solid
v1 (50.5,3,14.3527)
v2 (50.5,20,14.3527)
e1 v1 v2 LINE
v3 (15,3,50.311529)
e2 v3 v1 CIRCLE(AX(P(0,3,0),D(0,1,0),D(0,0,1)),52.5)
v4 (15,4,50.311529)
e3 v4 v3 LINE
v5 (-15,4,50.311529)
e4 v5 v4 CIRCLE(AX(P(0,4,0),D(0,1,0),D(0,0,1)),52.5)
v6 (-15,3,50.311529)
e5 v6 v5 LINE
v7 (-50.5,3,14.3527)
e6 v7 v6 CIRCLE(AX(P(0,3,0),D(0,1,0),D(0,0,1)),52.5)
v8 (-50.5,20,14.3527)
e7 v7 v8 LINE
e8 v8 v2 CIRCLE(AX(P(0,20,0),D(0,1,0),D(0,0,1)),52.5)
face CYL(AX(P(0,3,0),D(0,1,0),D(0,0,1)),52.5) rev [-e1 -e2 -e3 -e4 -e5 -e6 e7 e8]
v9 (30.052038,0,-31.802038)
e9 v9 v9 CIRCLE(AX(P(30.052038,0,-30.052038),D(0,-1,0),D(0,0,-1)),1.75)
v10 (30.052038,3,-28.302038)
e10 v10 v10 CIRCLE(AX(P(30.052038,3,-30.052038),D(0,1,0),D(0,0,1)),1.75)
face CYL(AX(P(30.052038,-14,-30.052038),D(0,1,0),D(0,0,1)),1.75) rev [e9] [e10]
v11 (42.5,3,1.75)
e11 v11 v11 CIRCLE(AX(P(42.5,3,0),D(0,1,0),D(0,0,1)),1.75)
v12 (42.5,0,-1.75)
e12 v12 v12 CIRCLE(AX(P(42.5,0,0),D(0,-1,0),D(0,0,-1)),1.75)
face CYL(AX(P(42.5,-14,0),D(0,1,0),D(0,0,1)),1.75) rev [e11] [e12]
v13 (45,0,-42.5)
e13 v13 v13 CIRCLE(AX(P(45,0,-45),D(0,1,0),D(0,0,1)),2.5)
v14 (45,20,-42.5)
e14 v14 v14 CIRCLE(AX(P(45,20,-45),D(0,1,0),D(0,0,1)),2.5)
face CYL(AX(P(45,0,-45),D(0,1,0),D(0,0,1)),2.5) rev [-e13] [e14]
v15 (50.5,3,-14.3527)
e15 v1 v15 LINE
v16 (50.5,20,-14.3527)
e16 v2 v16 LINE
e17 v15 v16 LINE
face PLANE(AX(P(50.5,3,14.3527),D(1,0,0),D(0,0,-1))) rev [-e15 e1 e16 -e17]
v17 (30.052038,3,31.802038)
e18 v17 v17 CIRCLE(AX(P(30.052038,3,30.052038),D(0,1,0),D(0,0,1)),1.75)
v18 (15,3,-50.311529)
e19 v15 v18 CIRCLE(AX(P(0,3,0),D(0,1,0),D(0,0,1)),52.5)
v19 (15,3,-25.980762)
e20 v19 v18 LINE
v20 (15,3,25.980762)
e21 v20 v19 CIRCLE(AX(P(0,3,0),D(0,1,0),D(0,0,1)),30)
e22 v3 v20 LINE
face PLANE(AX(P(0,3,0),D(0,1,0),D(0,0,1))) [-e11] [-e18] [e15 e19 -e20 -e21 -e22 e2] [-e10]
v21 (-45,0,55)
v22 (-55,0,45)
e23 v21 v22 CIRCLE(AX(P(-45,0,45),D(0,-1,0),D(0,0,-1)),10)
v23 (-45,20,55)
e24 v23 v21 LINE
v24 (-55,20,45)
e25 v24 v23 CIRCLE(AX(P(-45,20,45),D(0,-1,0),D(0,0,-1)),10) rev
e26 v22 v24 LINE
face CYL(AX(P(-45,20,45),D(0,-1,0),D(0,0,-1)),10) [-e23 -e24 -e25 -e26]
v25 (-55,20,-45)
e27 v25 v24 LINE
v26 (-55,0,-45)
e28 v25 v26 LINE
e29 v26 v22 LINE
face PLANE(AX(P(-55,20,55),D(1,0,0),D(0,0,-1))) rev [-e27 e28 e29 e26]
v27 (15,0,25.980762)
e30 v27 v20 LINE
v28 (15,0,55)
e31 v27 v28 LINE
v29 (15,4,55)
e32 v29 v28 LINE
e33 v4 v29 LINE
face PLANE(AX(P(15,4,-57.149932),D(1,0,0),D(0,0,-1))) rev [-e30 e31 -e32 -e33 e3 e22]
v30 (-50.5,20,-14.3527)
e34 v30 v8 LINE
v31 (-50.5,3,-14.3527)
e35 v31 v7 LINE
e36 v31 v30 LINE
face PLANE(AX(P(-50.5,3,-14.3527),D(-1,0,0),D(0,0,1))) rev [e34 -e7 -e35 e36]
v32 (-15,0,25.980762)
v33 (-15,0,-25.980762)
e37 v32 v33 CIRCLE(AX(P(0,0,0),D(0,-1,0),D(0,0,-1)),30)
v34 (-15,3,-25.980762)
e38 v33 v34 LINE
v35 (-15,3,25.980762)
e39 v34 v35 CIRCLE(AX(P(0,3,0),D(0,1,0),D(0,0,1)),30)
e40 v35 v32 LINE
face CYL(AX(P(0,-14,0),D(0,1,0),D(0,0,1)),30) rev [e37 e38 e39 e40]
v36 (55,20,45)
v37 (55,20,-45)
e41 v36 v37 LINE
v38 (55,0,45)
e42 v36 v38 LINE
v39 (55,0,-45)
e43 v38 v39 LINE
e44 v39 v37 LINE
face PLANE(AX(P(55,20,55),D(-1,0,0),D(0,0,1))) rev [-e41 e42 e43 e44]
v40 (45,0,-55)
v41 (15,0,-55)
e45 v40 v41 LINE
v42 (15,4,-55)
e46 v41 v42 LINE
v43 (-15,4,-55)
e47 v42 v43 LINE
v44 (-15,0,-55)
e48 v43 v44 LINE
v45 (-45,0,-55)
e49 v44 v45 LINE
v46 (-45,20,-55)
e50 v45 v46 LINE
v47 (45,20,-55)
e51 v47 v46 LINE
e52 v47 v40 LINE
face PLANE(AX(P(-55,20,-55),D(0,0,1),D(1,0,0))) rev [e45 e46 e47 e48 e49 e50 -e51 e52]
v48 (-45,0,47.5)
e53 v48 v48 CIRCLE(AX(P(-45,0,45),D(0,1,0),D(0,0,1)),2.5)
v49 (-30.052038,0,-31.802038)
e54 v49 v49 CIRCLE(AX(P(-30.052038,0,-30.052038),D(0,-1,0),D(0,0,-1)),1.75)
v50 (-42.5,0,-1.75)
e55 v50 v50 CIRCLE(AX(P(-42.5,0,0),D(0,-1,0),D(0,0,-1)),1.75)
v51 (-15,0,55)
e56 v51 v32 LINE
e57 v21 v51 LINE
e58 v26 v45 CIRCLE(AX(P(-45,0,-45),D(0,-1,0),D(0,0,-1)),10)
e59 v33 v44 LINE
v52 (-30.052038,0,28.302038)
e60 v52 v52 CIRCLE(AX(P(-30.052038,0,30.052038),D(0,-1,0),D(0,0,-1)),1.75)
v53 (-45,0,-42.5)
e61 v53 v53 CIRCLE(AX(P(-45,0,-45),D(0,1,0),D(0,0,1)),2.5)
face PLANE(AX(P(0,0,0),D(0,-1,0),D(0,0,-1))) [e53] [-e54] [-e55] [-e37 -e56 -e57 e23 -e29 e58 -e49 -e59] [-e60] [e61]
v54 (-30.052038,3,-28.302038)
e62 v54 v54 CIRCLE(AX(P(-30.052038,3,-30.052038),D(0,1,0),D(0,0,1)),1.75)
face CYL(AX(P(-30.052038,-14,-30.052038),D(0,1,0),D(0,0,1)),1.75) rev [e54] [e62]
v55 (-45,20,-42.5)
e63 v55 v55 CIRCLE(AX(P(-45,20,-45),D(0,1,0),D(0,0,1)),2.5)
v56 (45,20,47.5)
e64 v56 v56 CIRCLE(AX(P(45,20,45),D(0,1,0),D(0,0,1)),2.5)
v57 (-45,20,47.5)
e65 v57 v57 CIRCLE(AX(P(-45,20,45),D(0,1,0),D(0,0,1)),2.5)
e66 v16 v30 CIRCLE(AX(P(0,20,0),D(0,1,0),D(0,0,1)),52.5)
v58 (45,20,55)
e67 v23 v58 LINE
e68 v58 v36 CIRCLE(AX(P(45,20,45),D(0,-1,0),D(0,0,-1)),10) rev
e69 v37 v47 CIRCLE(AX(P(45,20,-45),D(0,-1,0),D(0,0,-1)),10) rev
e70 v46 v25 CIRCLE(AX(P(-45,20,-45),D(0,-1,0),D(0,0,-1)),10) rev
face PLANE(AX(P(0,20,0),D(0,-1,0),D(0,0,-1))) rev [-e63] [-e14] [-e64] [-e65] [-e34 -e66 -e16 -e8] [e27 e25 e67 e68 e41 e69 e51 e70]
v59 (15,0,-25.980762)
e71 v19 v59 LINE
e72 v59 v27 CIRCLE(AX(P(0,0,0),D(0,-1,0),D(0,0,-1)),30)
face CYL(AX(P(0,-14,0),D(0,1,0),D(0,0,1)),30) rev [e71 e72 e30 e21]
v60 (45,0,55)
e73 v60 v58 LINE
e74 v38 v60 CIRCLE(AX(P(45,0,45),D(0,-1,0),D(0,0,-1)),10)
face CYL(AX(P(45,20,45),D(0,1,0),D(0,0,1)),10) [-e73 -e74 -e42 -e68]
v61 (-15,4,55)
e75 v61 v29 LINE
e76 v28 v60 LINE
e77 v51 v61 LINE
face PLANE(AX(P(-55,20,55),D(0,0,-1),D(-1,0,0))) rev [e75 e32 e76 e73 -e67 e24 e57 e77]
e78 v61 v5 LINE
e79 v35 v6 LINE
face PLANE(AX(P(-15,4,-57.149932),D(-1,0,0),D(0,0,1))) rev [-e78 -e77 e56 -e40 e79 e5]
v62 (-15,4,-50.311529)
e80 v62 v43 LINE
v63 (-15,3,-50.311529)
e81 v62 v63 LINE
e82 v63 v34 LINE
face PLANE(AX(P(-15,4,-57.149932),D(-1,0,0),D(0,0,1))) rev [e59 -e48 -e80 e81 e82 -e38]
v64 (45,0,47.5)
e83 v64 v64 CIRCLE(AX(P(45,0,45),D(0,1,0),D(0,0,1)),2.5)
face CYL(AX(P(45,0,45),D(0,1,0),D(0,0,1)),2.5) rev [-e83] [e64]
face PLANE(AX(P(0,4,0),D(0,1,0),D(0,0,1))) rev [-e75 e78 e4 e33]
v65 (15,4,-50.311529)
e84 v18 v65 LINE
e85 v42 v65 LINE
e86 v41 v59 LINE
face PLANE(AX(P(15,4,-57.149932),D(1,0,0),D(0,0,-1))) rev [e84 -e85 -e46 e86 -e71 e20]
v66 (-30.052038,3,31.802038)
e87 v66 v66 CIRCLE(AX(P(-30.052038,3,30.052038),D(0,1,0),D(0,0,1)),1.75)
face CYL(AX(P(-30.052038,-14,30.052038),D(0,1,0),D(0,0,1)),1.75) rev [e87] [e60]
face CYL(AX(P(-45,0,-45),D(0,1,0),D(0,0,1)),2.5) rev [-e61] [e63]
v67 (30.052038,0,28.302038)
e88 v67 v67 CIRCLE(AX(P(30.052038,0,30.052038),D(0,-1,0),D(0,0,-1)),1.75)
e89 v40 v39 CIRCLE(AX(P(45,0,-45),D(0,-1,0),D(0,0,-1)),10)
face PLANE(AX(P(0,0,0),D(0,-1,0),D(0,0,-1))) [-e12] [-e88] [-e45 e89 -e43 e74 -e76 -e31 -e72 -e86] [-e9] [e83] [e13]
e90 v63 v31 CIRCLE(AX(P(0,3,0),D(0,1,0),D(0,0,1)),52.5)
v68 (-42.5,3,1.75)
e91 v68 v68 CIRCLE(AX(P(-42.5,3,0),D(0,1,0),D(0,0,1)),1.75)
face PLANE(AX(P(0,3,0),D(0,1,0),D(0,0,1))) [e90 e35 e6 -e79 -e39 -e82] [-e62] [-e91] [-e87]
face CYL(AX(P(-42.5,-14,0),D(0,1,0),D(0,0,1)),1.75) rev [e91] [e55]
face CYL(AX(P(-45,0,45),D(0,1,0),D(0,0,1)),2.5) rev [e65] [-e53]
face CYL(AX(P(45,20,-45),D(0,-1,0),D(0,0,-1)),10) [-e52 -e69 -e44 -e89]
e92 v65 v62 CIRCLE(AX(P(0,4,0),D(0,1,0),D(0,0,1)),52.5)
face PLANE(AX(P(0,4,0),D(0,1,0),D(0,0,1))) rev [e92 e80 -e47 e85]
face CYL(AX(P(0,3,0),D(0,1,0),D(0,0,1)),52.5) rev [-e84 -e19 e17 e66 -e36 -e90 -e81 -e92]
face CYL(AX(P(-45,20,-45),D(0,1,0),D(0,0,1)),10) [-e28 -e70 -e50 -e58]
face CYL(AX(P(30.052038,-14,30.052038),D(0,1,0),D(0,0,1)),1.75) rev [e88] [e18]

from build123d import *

# Parameters (mm, degrees)
SKETCH_1_W          = 110
SKETCH_1_H          = 110
EXTRUDE_5_DEPTH     = 20
CUT_EXTRUDE_2_DEPTH = 17
SKETCH_5_R          = 1.75
SKETCH_5_R_2        = 30
CUT_EXTRUDE_3_DEPTH = 17
SKETCH_7_W          = 30
SKETCH_7_H          = 114.29986349
CUT_EXTRUDE_4_DEPTH = 4
SKETCH_8_R          = 2.5
CUT_EXTRUDE_5_DEPTH = 81.311892021
FILLET_1_R          = 10
FILLET_2_R          = 10
FILLET_3_R          = 10
FILLET_4_R          = 10
CUT_EXTRUDE_6_DEPTH = 17
CUT_EXTRUDE_7_DEPTH = 17


with BuildPart() as part:
    # 草图1 → 凸台-拉伸5 (new body)
    with BuildSketch(Plane(origin=(0, 0, 0), x_dir=(1, 0, 0), z_dir=(0, 1, 0))):
        Rectangle(SKETCH_1_W, SKETCH_1_H)
    extrude(amount=EXTRUDE_5_DEPTH)

    # 草图4 → 切除-拉伸2 (cut)
    with BuildSketch(Plane(origin=(0, 20, 0), x_dir=(1, 0, 0), z_dir=(0, 1, 0))):
        with BuildLine():
            ThreePointArc((-47, -13.856406461), (0, -49), (47, -13.856406461))
            Line((47, -13.856406461), (47, 13.856406461))
            ThreePointArc((47, 13.856406461), (0, 49), (-47, 13.856406461))
            Line((-47, 13.856406461), (-47, -13.856406461))
        make_face()
    extrude(amount=-CUT_EXTRUDE_2_DEPTH, mode=Mode.SUBTRACT)

    # 草图5 → 切除-拉伸3 (cut)
    with BuildSketch(Plane(origin=(0, 3, 0), x_dir=(1, 0, 0), z_dir=(0, 1, 0))):
        with Locations(Location((0, 42.5, 0), (0, 0, 270))):
            Circle(SKETCH_5_R)
        with Locations(Location((30.0520382, 30.0520382, 0), (0, 0, 270))):
            Circle(SKETCH_5_R)
        with Locations(Location((42.5, 0, 0), (0, 0, 270))):
            Circle(SKETCH_5_R)
        with Locations(Location((30.0520382, -30.0520382, 0), (0, 0, 270))):
            Circle(SKETCH_5_R)
        with Locations(Location((0, -42.5, 0), (0, 0, 270))):
            Circle(SKETCH_5_R)
        with Locations(Location((-30.0520382, -30.0520382, 0), (0, 0, 270))):
            Circle(SKETCH_5_R)
        with Locations(Location((-42.5, 0, 0), (0, 0, 270))):
            Circle(SKETCH_5_R)
        with Locations(Location((-30.0520382, 30.0520382, 0), (0, 0, 270))):
            Circle(SKETCH_5_R)
        with Locations(Location((0, 0, 0), (0, 0, 270))):
            Circle(SKETCH_5_R_2)
    extrude(amount=-CUT_EXTRUDE_3_DEPTH, mode=Mode.SUBTRACT)

    # 草图7 → 切除-拉伸4 (cut)
    with BuildSketch(Plane.XZ):
        Rectangle(SKETCH_7_W, SKETCH_7_H)
    extrude(amount=-CUT_EXTRUDE_4_DEPTH, mode=Mode.SUBTRACT)

    # 草图8 → 切除-拉伸5 (cut, through all)
    with BuildSketch(Plane(origin=(0, 20, 0), x_dir=(1, 0, 0), z_dir=(0, 1, 0))):
        with Locations(Location((45, 45, 0), (0, 0, 270))):
            Circle(SKETCH_8_R)
        with Locations(Location((45, -45, 0), (0, 0, 270))):
            Circle(SKETCH_8_R)
        with Locations(Location((-45, -45, 0), (0, 0, 270))):
            Circle(SKETCH_8_R)
        with Locations(Location((-45, 45, 0), (0, 0, 270))):
            Circle(SKETCH_8_R)
    extrude(amount=-CUT_EXTRUDE_5_DEPTH, mode=Mode.SUBTRACT)

    # 圆角1
    fillet_1_edges = [part.edges().sort_by_distance(p)[0] for p in [
        (55, 10, -55),
    ]]
    fillet(fillet_1_edges, radius=FILLET_1_R)

    # 圆角2
    fillet_2_edges = [part.edges().sort_by_distance(p)[0] for p in [
        (-55, 10, -55),
    ]]
    fillet(fillet_2_edges, radius=FILLET_2_R)

    # 圆角3
    fillet_3_edges = [part.edges().sort_by_distance(p)[0] for p in [
        (-55, 10, 55),
    ]]
    fillet(fillet_3_edges, radius=FILLET_3_R)

    # 圆角4
    fillet_4_edges = [part.edges().sort_by_distance(p)[0] for p in [
        (55, 10, 55),
    ]]
    fillet(fillet_4_edges, radius=FILLET_4_R)

    # 草图10 → 切除-拉伸6 (cut)
    with BuildSketch(Plane(origin=(0, 20, 0), x_dir=(1, 0, 0), z_dir=(0, 1, 0))):
        with BuildLine():
            Line((50, -14.282856857), (50, 14.282856857))
            ThreePointArc((50, 14.282856857), (0, 52), (-50, 14.282856857))
            Line((-50, 14.282856857), (-50, -14.282856857))
            ThreePointArc((-50, -14.282856857), (0, -52), (50, -14.282856857))
        make_face()
    extrude(amount=-CUT_EXTRUDE_6_DEPTH, mode=Mode.SUBTRACT)

    # 草图11 → 切除-拉伸7 (cut)
    with BuildSketch(Plane(origin=(0, 20, 0), x_dir=(1, 0, 0), z_dir=(0, 1, 0))):
        with BuildLine():
            Line((50.5, -14.352700094), (50.5, 14.352700094))
            ThreePointArc((50.5, 14.352700094), (0, 52.5), (-50.5, 14.352700094))
            Line((-50.5, 14.352700094), (-50.5, -14.352700094))
            ThreePointArc((-50.5, -14.352700094), (0, -52.5), (50.5, -14.352700094))
        make_face()
    extrude(amount=-CUT_EXTRUDE_7_DEPTH, mode=Mode.SUBTRACT)


solid = part.part
